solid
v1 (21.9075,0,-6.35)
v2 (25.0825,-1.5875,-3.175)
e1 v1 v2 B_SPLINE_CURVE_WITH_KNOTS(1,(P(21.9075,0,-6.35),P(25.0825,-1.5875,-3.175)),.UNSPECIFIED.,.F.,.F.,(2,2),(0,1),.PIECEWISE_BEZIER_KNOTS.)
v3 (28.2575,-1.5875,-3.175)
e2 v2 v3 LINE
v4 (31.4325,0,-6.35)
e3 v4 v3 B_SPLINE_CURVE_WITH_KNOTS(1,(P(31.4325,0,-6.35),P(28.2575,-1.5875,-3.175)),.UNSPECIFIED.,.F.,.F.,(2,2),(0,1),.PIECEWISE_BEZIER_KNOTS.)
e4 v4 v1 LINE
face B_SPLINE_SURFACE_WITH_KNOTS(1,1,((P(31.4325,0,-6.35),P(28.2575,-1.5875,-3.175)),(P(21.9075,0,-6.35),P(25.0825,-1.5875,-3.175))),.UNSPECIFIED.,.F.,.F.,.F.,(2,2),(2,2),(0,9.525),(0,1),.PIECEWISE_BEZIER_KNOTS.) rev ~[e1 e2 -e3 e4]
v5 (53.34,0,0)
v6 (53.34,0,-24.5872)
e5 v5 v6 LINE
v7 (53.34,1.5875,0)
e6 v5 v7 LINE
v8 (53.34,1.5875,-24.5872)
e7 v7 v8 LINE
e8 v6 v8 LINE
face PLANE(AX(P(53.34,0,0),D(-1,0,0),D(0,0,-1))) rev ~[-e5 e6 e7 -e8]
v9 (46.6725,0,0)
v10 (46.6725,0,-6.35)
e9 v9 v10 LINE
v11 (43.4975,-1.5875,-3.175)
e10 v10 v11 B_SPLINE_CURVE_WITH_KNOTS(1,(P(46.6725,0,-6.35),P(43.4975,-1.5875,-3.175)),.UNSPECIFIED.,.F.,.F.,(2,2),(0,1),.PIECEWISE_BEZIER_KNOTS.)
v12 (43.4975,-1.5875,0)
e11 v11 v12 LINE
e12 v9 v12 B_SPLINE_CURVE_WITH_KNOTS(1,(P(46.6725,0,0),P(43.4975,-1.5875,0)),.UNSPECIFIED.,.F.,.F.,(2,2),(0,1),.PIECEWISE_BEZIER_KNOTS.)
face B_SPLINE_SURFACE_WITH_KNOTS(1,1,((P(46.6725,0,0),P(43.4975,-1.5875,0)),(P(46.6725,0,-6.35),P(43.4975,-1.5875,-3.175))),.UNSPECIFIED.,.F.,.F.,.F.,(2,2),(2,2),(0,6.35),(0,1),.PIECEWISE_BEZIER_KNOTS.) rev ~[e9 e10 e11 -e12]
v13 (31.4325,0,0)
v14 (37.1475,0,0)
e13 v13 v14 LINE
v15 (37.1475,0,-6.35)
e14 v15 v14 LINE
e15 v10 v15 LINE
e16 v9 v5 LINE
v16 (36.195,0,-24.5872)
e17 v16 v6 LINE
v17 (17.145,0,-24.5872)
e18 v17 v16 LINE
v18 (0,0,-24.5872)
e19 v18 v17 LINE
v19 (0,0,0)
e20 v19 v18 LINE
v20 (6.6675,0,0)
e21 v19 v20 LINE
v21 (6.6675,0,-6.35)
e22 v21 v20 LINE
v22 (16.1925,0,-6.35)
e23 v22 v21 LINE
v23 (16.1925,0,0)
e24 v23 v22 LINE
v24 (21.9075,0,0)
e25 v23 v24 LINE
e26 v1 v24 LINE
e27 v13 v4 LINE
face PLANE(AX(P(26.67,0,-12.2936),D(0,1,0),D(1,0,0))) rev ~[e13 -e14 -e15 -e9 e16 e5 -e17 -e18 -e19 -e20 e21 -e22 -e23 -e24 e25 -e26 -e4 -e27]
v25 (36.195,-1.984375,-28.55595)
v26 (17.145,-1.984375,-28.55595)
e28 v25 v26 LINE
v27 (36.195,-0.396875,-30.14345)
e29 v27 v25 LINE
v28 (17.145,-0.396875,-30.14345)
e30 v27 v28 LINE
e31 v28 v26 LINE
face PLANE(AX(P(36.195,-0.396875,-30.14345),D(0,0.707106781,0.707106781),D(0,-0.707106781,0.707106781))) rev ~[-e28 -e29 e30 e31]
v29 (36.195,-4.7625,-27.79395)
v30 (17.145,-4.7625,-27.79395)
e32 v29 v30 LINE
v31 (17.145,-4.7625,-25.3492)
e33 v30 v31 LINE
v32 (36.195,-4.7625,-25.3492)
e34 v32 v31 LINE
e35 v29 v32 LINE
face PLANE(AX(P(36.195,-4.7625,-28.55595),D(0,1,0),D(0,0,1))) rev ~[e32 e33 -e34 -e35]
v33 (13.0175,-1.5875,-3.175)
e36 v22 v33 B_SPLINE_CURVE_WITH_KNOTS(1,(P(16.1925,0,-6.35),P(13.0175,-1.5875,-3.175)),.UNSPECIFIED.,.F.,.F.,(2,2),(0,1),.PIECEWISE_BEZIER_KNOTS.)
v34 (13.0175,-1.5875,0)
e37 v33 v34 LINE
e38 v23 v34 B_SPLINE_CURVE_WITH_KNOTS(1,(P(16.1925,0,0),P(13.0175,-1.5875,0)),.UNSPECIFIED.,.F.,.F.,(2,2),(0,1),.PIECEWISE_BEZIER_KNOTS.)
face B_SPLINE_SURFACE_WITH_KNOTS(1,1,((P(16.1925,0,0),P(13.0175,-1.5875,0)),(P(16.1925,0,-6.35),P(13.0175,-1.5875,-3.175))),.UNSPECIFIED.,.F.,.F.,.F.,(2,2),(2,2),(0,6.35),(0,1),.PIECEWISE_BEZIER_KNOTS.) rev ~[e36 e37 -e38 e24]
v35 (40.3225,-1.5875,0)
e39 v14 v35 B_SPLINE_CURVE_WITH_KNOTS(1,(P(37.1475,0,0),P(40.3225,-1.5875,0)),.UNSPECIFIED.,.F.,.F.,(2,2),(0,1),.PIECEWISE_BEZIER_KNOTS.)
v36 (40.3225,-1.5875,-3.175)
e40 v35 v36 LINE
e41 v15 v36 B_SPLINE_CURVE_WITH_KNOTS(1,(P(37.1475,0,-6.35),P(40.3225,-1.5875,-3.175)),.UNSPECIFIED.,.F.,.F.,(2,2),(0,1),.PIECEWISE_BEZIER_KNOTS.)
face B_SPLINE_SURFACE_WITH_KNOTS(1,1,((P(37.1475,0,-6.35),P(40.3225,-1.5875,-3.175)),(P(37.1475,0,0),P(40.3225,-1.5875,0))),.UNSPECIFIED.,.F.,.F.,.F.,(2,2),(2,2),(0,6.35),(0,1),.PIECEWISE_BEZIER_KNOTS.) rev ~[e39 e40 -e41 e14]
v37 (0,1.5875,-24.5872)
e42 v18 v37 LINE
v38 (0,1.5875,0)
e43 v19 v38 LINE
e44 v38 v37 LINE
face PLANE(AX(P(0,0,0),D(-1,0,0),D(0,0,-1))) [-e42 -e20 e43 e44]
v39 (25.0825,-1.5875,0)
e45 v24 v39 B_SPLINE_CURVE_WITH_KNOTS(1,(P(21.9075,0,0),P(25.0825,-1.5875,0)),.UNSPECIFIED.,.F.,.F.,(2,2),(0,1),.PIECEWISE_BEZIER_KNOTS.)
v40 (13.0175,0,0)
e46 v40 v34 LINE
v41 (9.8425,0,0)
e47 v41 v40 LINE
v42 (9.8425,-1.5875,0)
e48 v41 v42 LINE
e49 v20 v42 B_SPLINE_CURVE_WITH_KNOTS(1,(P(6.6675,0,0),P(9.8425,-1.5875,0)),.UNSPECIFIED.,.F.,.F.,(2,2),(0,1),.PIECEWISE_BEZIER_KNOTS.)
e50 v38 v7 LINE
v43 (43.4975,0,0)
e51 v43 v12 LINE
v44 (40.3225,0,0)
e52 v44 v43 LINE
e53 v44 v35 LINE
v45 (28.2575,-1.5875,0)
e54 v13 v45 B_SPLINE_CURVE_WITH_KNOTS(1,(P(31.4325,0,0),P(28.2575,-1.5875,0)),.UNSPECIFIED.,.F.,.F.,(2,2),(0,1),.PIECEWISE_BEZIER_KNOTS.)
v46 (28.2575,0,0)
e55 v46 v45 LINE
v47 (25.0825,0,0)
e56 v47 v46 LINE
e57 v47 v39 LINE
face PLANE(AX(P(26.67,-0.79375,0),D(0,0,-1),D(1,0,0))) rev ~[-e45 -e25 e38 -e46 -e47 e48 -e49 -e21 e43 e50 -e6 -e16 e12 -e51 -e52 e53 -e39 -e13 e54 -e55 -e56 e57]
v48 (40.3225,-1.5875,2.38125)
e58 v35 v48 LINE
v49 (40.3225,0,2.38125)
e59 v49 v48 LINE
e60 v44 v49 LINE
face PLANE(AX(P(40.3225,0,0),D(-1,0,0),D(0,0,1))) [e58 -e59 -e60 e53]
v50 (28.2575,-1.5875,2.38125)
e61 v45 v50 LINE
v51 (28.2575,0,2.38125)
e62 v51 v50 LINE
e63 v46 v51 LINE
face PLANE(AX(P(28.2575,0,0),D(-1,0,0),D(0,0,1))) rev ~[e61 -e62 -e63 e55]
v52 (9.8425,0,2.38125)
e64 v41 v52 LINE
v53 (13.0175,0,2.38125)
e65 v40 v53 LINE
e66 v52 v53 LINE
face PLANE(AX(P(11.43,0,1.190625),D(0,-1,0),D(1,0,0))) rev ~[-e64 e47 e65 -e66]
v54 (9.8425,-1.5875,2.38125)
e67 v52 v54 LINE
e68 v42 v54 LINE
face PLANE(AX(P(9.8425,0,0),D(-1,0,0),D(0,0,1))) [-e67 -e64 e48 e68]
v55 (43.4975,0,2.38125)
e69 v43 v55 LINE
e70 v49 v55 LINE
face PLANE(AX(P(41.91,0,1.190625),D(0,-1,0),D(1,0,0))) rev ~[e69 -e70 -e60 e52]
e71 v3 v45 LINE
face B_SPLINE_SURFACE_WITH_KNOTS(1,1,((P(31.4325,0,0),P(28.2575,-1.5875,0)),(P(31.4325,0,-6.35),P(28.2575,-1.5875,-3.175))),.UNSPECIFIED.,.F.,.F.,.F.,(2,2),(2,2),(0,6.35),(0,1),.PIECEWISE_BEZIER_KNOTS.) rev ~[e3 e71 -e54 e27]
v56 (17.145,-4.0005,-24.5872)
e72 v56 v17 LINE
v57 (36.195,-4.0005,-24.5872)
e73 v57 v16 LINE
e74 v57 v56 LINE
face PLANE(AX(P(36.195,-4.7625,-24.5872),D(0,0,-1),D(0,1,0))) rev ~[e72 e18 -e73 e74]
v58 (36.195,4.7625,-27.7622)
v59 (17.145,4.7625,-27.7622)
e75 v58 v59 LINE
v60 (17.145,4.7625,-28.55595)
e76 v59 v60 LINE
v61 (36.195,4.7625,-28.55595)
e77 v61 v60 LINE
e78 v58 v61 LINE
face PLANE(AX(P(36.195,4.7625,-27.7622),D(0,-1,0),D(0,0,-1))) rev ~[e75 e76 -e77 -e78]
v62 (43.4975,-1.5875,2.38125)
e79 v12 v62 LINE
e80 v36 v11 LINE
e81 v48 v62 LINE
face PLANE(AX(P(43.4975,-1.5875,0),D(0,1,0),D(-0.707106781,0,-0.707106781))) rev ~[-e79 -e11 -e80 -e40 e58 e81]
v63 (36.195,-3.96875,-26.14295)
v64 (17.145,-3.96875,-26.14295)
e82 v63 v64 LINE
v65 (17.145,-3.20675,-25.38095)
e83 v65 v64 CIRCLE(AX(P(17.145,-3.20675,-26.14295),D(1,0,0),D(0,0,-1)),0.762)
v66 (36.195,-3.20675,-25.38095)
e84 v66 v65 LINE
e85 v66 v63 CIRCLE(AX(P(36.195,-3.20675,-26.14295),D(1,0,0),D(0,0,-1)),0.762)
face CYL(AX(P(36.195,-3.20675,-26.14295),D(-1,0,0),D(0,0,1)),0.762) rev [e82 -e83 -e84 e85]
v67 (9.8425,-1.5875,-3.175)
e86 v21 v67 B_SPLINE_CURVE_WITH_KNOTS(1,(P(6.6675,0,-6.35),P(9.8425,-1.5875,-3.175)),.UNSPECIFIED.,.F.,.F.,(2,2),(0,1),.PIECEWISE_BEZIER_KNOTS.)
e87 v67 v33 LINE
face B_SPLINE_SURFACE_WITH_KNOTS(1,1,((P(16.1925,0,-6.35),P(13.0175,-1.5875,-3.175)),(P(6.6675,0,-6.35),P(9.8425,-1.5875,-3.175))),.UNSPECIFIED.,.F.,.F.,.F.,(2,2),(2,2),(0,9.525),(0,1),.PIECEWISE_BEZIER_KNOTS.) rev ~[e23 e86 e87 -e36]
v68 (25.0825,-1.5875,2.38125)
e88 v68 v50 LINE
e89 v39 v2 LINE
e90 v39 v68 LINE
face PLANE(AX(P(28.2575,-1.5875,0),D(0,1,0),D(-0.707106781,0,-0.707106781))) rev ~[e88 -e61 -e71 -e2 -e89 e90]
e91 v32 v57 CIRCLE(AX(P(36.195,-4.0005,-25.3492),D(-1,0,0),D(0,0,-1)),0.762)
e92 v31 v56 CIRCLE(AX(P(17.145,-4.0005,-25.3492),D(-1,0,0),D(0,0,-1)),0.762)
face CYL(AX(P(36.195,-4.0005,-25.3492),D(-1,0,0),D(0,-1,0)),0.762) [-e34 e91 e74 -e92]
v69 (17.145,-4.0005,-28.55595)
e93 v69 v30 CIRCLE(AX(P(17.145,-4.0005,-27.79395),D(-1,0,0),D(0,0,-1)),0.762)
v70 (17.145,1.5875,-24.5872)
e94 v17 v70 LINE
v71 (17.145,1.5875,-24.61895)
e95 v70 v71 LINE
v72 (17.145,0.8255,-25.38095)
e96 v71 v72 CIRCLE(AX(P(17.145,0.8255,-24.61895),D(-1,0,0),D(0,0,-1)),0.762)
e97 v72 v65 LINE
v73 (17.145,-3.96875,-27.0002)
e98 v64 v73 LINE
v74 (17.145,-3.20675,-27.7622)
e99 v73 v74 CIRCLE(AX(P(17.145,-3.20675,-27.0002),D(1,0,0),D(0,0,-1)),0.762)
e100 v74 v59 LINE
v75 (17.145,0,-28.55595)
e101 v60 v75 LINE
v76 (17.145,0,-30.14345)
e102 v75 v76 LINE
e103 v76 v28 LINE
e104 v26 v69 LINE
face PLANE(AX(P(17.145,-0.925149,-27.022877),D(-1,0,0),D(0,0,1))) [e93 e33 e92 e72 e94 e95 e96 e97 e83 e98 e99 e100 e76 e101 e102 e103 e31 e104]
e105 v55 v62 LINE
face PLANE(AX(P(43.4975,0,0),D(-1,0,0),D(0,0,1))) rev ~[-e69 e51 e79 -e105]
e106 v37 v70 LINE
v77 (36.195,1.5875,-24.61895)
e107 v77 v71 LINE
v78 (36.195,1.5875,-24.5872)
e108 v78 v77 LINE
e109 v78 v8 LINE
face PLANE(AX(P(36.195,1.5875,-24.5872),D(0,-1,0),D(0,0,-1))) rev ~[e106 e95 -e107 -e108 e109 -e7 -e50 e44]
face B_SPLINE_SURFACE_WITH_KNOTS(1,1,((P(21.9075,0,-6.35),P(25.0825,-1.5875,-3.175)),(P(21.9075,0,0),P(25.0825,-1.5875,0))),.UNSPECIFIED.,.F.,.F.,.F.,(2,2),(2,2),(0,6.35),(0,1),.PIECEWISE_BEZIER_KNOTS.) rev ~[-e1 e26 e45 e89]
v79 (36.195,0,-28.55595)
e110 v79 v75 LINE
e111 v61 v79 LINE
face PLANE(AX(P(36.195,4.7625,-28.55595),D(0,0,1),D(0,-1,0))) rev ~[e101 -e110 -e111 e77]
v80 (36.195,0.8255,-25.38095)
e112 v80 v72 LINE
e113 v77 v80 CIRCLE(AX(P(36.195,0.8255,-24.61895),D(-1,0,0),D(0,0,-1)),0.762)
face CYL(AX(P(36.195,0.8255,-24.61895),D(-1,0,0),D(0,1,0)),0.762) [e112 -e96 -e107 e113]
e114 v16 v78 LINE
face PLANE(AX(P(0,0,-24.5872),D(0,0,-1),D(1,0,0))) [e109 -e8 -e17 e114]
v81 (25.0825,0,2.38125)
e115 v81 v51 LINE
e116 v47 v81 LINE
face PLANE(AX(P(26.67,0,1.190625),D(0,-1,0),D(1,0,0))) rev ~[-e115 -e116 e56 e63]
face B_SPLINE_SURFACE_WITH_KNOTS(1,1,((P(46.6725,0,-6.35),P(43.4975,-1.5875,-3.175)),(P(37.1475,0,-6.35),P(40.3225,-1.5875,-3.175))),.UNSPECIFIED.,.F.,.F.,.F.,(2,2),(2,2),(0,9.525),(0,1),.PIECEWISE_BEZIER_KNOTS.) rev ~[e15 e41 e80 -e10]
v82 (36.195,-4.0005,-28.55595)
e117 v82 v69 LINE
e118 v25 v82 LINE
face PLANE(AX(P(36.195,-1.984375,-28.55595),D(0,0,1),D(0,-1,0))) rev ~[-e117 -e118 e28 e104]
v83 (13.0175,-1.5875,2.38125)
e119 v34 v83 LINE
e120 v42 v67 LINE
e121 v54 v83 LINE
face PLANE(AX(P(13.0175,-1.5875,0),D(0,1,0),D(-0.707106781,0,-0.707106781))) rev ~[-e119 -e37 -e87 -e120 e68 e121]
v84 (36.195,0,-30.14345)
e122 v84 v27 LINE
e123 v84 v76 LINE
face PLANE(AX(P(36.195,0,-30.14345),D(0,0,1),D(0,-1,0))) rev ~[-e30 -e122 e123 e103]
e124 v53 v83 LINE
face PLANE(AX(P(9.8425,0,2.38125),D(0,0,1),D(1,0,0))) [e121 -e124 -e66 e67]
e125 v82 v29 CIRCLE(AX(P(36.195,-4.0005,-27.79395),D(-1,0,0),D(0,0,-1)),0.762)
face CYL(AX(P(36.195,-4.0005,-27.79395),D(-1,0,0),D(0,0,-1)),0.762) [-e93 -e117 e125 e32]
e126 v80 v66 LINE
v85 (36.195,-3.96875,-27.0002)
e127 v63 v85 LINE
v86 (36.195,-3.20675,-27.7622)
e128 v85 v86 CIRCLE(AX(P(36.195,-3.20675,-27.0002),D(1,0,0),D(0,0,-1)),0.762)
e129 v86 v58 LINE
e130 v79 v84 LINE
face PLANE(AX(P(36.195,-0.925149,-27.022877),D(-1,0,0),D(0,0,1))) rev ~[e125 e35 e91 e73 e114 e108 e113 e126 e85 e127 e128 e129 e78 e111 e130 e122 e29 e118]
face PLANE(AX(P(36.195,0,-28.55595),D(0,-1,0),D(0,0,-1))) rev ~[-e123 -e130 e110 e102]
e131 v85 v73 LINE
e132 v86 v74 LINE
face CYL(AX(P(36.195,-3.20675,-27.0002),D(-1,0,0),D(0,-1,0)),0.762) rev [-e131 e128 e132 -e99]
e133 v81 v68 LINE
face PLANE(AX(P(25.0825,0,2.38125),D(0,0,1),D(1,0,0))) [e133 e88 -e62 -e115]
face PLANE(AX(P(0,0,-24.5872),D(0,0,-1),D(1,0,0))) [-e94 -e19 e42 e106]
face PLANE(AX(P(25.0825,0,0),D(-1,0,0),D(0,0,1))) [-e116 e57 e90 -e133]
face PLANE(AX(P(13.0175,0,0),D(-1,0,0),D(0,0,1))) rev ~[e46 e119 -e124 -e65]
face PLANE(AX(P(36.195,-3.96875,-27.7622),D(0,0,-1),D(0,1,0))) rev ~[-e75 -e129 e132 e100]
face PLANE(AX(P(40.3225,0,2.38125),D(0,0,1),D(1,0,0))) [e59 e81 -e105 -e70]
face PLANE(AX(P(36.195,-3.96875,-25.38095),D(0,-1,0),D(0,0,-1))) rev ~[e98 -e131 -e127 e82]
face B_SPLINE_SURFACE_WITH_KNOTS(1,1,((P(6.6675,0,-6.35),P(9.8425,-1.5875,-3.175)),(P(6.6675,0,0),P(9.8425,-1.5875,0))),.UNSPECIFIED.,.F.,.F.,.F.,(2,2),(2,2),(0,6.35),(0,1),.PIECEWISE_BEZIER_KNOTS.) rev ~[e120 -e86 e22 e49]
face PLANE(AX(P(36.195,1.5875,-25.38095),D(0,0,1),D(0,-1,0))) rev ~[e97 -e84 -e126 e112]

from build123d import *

# Parameters (mm, degrees)
SKETCH1_W                = 53.34
SKETCH1_H                = 24.5872
BOSS_EXTRUDE1_DEPTH      = 1.5875
SKETCH2_W                = 3.175
SKETCH2_H                = 2.38125
BOSS_EXTRUDE2_DEPTH      = 1.5875
BOSS_EXTRUDE2_2_DEPTH    = 1.5875
BOSS_EXTRUDE2_3_DEPTH    = 1.5875
LPATTERN1_COUNT          = 3
LPATTERN1_PITCH          = 15.24
BOSS_EXTRUDE3_DEPTH      = 9.525
BOSS_EXTRUDE3_DEPTH_BACK = 9.525
FILLET1_R                = 0.762


with BuildPart() as part:
    # Sketch1 → Boss-Extrude1 (new body)
    with BuildSketch(Plane(origin=(0, 0, 0), x_dir=(1, 0, 0), z_dir=(0, 1, 0))):
        with Locations((26.67, 12.2936)):
            Rectangle(SKETCH1_W, SKETCH1_H)
    extrude(amount=BOSS_EXTRUDE1_DEPTH)



with BuildPart() as body_2:
    # Sketch2 → Boss-Extrude2 (new body)
    with BuildSketch(Plane.XZ):
        with Locations((11.43, 1.190625)):
            Rectangle(SKETCH2_W, SKETCH2_H)
    extrude(amount=BOSS_EXTRUDE2_DEPTH)


with BuildPart() as body_3:
    # Sketch2 → Boss-Extrude2 2 (new body)
    with BuildSketch(Plane.XZ):
        with Locations((26.67, 1.190625)):
            Rectangle(SKETCH2_W, SKETCH2_H)
    extrude(amount=BOSS_EXTRUDE2_2_DEPTH)


with BuildPart() as body_4:
    # Sketch2 → Boss-Extrude2 3 (new body)
    with BuildSketch(Plane.XZ):
        with Locations((41.91, 1.190625)):
            Rectangle(SKETCH2_W, SKETCH2_H)
    extrude(amount=BOSS_EXTRUDE2_3_DEPTH)


with BuildPart() as part_1:
    add(part.part)

    add(body_4.part)  # Loft2 merges body 4
    # Sketch5 → Loft2 section 0
    with BuildSketch(Plane.XZ):
        with BuildLine():
            Line((37.1475, 0), (46.6725, 0))
            Line((46.6725, 0), (46.6725, -6.35))
            Line((46.6725, -6.35), (37.1475, -6.35))
            Line((37.1475, -6.35), (37.1475, 0))
        make_face()
    # Sketch4 → Loft2 section 1
    with BuildSketch(Plane.XZ.offset(1.5875)):
        with BuildLine():
            Line((43.4975, 0), (40.3225, 0))
            Line((40.3225, 0), (40.3225, -3.175))
            Line((40.3225, -3.175), (43.4975, -3.175))
            Line((43.4975, -3.175), (43.4975, 0))
        make_face()
    loft2 = loft()


    add(body_2.part)  # LPattern1 merges body 2

    add(body_3.part)  # LPattern1 merges body 3
    # LPattern1: Loft2 ×3
    with Locations(*[(-i * LPATTERN1_PITCH, 0, 0) for i in range(1, LPATTERN1_COUNT)]):
        add(loft2)

    # Sketch7 → Boss-Extrude3 (add, two sides: drawn at the far end of the back side and taken through both)
    with BuildSketch(Plane.ZY.offset(-26.67).offset(-BOSS_EXTRUDE3_DEPTH_BACK)):
        Polygon((-30.14345, -0.396875), (-28.55595, -1.984375), (-28.55595, -4.7625), (-26.212479769, -4.7625), (-24.5872, -4.7625), (-24.5872, 1.5875), (-25.38095, 1.5875), (-25.38095, -3.96875), (-27.7622, -3.96875), (-27.7622, 4.7625), (-28.55595, 4.7625), (-28.55595, 0), (-30.14345, 0), align=None)
    extrude(amount=BOSS_EXTRUDE3_DEPTH + BOSS_EXTRUDE3_DEPTH_BACK)

    # Fillet1
    fillet1_edges = [part_1.edges().sort_by_distance(p)[0] for p in [
        (26.67, -3.96875, -27.7622),
        (26.67, -3.96875, -25.38095),
        (26.67, 1.5875, -25.38095),
        (26.67, -4.7625, -24.5872),
        (26.67, -4.7625, -28.55595),
    ]]
    fillet(fillet1_edges, radius=FILLET1_R)


solid = part_1.part
